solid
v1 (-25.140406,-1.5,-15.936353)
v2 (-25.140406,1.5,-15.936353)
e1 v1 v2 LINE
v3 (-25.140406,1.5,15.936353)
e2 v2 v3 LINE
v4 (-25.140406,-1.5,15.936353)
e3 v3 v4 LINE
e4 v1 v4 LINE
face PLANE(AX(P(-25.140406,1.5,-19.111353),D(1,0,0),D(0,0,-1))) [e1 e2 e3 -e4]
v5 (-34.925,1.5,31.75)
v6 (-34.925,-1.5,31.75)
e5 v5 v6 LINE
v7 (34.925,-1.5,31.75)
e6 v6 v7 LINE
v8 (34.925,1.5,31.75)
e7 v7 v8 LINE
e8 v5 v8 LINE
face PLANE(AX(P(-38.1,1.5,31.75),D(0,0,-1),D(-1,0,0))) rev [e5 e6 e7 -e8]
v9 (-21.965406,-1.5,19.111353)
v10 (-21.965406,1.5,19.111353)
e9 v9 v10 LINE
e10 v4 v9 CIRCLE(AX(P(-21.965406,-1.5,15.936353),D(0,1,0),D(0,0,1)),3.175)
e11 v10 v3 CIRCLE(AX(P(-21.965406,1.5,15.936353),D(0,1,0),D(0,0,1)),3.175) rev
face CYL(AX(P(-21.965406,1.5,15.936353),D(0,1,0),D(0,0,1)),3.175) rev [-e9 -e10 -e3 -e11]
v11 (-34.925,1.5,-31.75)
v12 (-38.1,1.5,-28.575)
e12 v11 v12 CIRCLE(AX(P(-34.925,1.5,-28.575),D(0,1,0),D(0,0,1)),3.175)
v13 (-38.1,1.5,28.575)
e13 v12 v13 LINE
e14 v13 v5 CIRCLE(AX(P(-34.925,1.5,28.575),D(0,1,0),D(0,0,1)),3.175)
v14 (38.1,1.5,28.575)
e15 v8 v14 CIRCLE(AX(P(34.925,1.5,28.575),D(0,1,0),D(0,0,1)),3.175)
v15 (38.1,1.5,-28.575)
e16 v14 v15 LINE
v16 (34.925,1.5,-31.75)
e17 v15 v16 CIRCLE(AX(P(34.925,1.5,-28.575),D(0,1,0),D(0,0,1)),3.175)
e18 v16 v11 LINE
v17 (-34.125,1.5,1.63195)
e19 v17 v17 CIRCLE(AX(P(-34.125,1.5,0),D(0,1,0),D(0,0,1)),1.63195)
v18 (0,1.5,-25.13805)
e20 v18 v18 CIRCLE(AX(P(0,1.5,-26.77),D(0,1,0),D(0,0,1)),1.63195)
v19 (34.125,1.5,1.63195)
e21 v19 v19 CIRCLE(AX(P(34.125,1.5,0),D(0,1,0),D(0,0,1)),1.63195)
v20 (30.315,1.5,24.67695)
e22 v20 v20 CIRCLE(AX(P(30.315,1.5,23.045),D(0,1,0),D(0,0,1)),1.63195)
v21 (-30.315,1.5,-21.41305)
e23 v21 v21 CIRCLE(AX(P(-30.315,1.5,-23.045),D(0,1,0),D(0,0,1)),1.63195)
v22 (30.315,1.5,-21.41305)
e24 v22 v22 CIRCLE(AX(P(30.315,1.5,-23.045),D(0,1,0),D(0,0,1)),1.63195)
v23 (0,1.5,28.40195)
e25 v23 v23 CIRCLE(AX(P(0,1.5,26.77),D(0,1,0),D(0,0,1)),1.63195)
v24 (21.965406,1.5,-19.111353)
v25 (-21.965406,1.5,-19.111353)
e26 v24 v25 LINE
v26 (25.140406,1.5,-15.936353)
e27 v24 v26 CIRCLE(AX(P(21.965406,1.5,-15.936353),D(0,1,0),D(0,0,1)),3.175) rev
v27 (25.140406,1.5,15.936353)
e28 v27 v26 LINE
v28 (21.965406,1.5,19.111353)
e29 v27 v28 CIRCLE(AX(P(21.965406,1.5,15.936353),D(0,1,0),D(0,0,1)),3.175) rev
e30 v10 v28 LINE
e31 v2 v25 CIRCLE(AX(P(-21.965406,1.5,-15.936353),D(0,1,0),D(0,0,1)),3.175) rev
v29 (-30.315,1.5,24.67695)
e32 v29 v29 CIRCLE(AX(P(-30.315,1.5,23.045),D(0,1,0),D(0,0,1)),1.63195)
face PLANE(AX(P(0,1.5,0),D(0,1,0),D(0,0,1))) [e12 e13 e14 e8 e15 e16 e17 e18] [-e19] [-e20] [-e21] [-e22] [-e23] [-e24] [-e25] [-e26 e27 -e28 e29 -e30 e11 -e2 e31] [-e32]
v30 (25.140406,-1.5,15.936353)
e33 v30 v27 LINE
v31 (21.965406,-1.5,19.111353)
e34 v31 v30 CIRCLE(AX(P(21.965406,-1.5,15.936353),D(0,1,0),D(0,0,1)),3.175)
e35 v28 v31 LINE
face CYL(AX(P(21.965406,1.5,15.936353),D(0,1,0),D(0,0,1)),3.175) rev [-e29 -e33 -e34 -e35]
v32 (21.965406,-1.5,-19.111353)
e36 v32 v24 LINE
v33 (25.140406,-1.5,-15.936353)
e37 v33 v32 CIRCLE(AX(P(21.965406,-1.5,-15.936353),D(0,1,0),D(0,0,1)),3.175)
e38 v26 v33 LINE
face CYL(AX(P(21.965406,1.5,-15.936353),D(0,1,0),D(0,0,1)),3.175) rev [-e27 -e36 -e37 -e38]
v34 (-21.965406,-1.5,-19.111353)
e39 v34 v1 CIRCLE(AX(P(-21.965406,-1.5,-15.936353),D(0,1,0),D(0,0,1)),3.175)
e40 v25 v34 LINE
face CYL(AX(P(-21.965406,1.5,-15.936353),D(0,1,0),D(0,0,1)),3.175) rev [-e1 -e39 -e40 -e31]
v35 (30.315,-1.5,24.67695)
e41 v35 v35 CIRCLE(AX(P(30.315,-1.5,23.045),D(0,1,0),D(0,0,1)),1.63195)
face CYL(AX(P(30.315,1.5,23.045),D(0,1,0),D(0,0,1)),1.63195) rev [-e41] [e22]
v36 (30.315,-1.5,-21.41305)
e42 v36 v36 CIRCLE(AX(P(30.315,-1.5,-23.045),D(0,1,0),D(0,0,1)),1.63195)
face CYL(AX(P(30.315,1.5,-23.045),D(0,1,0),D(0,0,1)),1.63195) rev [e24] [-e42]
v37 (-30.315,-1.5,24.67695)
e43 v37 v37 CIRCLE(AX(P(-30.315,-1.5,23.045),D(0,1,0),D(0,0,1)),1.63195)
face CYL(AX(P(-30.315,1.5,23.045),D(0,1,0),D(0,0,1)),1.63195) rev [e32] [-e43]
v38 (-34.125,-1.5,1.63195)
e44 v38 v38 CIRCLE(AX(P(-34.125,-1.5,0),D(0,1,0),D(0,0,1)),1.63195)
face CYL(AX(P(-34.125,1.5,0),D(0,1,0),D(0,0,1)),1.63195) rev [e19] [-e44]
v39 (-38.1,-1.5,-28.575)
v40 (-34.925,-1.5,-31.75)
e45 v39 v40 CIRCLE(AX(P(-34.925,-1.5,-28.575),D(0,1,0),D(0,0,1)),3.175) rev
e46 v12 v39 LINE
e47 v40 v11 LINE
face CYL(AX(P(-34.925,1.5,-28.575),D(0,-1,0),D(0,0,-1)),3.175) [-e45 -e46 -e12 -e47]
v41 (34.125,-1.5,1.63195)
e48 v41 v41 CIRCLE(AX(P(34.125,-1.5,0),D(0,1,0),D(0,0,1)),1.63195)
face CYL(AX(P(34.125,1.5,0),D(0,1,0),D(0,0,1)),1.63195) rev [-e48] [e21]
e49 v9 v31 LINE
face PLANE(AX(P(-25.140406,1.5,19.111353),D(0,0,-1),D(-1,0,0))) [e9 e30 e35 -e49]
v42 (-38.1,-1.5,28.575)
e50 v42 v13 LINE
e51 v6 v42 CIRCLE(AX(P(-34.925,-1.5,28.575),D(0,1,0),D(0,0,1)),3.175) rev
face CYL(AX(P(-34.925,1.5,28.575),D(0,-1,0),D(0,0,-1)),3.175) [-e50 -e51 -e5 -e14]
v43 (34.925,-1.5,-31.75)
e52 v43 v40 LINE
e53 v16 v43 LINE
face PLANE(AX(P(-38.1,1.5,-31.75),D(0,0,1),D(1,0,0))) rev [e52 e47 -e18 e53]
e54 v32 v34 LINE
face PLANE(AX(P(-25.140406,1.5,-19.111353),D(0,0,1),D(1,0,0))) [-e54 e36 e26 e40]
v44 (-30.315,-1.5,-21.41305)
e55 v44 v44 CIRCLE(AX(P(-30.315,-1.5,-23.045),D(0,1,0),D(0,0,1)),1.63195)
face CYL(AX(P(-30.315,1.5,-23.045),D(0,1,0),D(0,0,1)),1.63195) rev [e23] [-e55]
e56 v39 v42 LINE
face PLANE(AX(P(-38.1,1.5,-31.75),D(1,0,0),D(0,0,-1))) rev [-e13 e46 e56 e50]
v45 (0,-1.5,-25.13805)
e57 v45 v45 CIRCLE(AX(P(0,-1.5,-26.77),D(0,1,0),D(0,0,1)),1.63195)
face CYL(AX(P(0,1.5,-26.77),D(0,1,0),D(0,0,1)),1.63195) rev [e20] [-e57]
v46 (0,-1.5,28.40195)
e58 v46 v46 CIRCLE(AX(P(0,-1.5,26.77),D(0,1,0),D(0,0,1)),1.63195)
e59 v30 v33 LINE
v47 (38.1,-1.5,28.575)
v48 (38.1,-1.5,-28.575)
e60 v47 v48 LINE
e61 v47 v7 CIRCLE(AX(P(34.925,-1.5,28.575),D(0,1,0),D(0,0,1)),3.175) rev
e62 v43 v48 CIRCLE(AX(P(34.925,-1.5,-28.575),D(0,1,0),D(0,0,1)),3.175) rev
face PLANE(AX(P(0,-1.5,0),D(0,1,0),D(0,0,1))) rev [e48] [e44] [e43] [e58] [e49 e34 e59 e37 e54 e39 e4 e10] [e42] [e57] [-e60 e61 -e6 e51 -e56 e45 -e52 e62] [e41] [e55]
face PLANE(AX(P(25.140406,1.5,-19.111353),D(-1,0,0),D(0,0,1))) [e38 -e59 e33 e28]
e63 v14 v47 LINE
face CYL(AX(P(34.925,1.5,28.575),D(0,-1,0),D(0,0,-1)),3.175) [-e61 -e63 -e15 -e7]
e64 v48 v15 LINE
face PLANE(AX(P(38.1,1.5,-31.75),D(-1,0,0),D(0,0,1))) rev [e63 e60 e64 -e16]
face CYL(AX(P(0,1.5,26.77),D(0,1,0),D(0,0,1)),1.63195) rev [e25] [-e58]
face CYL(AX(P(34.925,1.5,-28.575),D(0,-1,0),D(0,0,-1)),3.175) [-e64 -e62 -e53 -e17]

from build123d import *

# Parameters (mm, degrees)
SKETCH1_W                 = 76.2
SKETCH1_H                 = 63.5
SKETCH1_W_2               = 50.280812534
SKETCH1_H_2               = 38.222705752
BOSS_EXTRUDE1_DEPTH       = 1.5
FILLET1_R                 = 3.175
F_4_CLEARANCE_HOLE1_D     = 3.2639
F_4_CLEARANCE_HOLE1_DEPTH = 6.619425513
F_4_CLEARANCE_HOLE1_TIP   = 0.980574487


with BuildPart() as part:
    # Sketch1 → Boss-Extrude1 (new body, symmetric)
    with BuildSketch(Plane(origin=(0, 0, 0), x_dir=(1, 0, 0), z_dir=(0, 1, 0))):
        Rectangle(SKETCH1_W, SKETCH1_H)
        Rectangle(SKETCH1_W_2, SKETCH1_H_2, mode=Mode.SUBTRACT)
    extrude(amount=BOSS_EXTRUDE1_DEPTH, both=True)

    # Fillet1
    fillet1_edges = [part.edges().sort_by_distance(p)[0] for p in [
        (25.140406267, 0, 19.111352876),
        (25.140406267, 0, -19.111352876),
        (-25.140406267, 0, -19.111352876),
        (-25.140406267, 0, 19.111352876),
        (38.1, 0, 31.75),
        (-38.1, 0, 31.75),
        (-38.1, 0, -31.75),
        (38.1, 0, -31.75),
    ]]
    fillet(fillet1_edges, radius=FILLET1_R)

    # #4 Clearance Hole1
    with Locations(Plane(origin=(0, 1.5, 0), x_dir=(1, 0, 0), z_dir=(0, 1, 0))):
        with Locations((-34.125, 0), (-30.315, -23.045), (0, -26.77), (30.315, -23.045), (34.125, 0), (30.315, 23.045), (0, 26.77), (-30.315, 23.045)):
            Hole(F_4_CLEARANCE_HOLE1_D / 2, depth=F_4_CLEARANCE_HOLE1_DEPTH)
            with Locations((0, 0, -(F_4_CLEARANCE_HOLE1_DEPTH + F_4_CLEARANCE_HOLE1_TIP / 2))):  # 118° drill point
                Cone(0, F_4_CLEARANCE_HOLE1_D / 2, F_4_CLEARANCE_HOLE1_TIP, mode=Mode.SUBTRACT)


solid = part.part
